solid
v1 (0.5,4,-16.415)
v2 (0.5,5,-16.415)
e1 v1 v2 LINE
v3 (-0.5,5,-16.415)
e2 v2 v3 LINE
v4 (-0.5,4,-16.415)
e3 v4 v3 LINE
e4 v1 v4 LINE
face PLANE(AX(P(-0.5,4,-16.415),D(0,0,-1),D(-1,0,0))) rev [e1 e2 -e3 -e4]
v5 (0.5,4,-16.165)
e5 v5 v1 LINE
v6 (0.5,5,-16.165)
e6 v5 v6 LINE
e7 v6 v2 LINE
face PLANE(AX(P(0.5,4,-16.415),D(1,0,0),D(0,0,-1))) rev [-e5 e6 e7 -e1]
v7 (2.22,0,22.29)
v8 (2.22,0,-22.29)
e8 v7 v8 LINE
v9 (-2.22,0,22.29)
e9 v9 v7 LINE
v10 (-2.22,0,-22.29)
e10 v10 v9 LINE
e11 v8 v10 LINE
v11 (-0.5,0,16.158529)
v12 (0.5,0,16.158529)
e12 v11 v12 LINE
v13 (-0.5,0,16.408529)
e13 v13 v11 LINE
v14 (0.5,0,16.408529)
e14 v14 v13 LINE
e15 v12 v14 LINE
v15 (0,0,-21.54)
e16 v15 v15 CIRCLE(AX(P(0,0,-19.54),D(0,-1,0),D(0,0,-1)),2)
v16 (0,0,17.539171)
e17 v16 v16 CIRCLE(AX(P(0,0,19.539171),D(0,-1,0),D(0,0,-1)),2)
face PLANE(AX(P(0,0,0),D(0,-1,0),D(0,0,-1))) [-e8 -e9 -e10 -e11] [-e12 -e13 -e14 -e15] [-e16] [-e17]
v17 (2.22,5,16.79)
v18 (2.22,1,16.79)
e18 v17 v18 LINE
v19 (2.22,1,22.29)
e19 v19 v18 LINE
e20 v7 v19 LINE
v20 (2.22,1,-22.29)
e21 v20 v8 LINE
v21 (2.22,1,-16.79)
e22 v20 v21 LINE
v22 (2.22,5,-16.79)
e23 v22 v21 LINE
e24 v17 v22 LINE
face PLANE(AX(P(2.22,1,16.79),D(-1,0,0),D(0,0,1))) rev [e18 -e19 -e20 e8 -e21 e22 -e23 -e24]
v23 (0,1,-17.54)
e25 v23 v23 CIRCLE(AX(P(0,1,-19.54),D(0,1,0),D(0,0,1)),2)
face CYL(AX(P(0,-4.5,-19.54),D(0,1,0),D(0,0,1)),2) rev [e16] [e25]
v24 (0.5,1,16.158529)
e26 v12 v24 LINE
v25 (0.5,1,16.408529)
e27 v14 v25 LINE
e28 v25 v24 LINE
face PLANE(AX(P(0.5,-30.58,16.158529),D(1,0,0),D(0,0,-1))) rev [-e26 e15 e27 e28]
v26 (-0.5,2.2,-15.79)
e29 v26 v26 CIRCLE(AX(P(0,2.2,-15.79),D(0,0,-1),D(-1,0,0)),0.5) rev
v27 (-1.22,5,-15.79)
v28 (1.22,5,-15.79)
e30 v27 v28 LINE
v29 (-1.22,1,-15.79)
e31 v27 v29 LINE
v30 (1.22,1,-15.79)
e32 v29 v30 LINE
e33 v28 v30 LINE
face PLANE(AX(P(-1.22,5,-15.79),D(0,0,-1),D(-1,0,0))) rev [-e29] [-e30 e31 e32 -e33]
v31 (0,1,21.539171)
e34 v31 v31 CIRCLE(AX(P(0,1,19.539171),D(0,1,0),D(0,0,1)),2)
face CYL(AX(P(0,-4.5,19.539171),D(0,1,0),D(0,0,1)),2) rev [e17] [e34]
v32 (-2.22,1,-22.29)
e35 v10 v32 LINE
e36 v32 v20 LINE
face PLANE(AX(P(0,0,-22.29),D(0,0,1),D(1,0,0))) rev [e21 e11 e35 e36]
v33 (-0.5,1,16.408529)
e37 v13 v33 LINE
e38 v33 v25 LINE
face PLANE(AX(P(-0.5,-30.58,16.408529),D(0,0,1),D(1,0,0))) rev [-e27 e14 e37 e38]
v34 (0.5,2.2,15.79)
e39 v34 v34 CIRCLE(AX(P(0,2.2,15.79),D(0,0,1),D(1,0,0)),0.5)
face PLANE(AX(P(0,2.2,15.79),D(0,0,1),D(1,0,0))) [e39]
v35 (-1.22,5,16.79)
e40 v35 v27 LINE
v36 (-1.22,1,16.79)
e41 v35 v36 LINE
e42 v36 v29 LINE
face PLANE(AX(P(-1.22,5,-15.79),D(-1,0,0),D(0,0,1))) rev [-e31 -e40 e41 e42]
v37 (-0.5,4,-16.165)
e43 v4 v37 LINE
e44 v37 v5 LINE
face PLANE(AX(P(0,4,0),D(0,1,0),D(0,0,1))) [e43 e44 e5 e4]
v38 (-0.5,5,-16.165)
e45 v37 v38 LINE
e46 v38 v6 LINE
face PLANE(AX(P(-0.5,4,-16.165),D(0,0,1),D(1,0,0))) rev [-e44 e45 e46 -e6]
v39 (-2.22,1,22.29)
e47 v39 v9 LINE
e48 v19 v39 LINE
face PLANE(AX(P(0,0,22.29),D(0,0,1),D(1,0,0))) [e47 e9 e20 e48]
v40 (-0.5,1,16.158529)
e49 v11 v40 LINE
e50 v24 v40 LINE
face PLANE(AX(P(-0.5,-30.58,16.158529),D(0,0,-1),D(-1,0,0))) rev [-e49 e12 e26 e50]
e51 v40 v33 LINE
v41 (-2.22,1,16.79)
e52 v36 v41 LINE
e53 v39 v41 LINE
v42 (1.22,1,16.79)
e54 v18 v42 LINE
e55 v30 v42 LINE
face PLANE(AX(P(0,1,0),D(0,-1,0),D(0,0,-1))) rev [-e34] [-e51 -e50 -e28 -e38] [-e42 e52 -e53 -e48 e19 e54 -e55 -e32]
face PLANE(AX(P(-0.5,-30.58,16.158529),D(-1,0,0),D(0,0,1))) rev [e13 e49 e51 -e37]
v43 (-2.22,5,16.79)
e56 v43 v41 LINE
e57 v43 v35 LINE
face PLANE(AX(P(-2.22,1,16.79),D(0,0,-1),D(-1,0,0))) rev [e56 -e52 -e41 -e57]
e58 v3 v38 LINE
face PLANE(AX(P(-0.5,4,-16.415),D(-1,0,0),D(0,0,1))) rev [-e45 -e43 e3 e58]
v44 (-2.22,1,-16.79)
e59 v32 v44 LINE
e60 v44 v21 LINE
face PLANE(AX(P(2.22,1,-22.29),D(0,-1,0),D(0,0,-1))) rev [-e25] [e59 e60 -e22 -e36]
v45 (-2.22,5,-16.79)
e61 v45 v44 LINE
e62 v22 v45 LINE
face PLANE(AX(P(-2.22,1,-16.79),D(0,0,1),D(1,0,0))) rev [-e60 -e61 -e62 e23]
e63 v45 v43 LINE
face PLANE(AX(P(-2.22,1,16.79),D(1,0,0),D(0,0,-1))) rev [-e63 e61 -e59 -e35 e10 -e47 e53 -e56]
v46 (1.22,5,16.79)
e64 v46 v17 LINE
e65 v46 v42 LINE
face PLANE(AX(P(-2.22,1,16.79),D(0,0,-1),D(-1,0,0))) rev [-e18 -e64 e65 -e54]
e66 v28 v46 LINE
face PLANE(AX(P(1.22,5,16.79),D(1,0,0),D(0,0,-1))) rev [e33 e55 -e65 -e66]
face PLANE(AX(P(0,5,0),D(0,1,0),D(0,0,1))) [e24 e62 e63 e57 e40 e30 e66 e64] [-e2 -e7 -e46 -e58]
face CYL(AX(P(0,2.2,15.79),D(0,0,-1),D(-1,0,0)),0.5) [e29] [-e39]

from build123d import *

# Parameters (mm, degrees)
SZKIC1_W                    = 4.44
SZKIC1_H                    = 33.58
DODANIE_WYCI_GNI_CIE1_DEPTH = 1
DODANIE_WYCI_GNI_CIE2_DEPTH = 4
SZKIC3_R                    = 0.5
DODANIE_WYCI_GNI_CIE3_DEPTH = 31.58
SZKIC4_W                    = 1
SZKIC4_H                    = 0.25
WYTNIJ_WYCI_GNI_CIE1_DEPTH  = 31.58
SZKIC5_W                    = 1
SZKIC5_H                    = 0.25
WYTNIJ_WYCI_GNI_CIE2_DEPTH  = 1
SZKIC6_W                    = 4.44
SZKIC6_H                    = 1
DODANIE_WYCI_GNI_CIE5_DEPTH = 5.5
SZKIC8_R                    = 2
WYTNIJ_WYCI_GNI_CIE3_DEPTH  = 5.5
SZKIC9_W                    = 4.44
SZKIC9_H                    = 1
DODANIE_WYCI_GNI_CIE6_DEPTH = 5.5
SZKIC11_R                   = 2
WYTNIJ_WYCI_GNI_CIE4_DEPTH  = 5.5


with BuildPart() as part:
    # Szkic1 → Dodanie-wyciągnięcie1 (new body)
    with BuildSketch(Plane(origin=(0, 0, 0), x_dir=(1, 0, 0), z_dir=(0, 1, 0))):
        Rectangle(SZKIC1_W, SZKIC1_H)
    extrude(amount=DODANIE_WYCI_GNI_CIE1_DEPTH)

    # Szkic2 → Dodanie-wyciągnięcie2 (add)
    with BuildSketch(Plane(origin=(0, 1, 0), x_dir=(1, 0, 0), z_dir=(0, 1, 0))):
        Polygon((-2.22, 16.79), (-2.22, -16.79), (-1.22, -16.79), (-1.22, 15.79), (1.22, 15.79), (1.22, -16.79), (2.22, -16.79), (2.22, 16.79), align=None)
    extrude(amount=DODANIE_WYCI_GNI_CIE2_DEPTH)

    # Szkic3 → Dodanie-wyciągnięcie3 (add)
    with BuildSketch(Plane.XY.offset(-15.79)):
        with Locations(Location((0, 2.2, 0), (0, 0, 180))):
            Circle(SZKIC3_R)
    extrude(amount=DODANIE_WYCI_GNI_CIE3_DEPTH)

    # Szkic4 → Wytnij-wyciągnięcie1 (cut)
    with BuildSketch(Plane(origin=(0, 1, 0), x_dir=(1, 0, 0), z_dir=(0, 1, 0))):
        with Locations((0, -16.283529096)):
            Rectangle(SZKIC4_W, SZKIC4_H)
    extrude(amount=-WYTNIJ_WYCI_GNI_CIE1_DEPTH, mode=Mode.SUBTRACT)

    # Szkic5 → Wytnij-wyciągnięcie2 (cut)
    with BuildSketch(Plane(origin=(0, 5, 0), x_dir=(1, 0, 0), z_dir=(0, 1, 0))):
        with Locations((0, 16.29)):
            Rectangle(SZKIC5_W, SZKIC5_H)
    extrude(amount=-WYTNIJ_WYCI_GNI_CIE2_DEPTH, mode=Mode.SUBTRACT)

    # Szkic6 → Dodanie-wyciągnięcie5 (add)
    with BuildSketch(Plane.XY.offset(16.79)):
        with Locations((0, 0.5)):
            Rectangle(SZKIC6_W, SZKIC6_H)
    extrude(amount=DODANIE_WYCI_GNI_CIE5_DEPTH)

    # Szkic8 → Wytnij-wyciągnięcie3 (cut)
    with BuildSketch(Plane(origin=(0, 1, 0), x_dir=(1, 0, 0), z_dir=(0, 1, 0))):
        with Locations(Location((0, -19.539171246, 0), (0, 0, 270))):
            Circle(SZKIC8_R)
    extrude(amount=-WYTNIJ_WYCI_GNI_CIE3_DEPTH, mode=Mode.SUBTRACT)

    # Szkic9 → Dodanie-wyciągnięcie6 (add)
    with BuildSketch(Plane(origin=(0, 0, -16.79), x_dir=(-1, 0, 0), z_dir=(0, 0, -1))):
        with Locations((0, 0.5)):
            Rectangle(SZKIC9_W, SZKIC9_H)
    extrude(amount=DODANIE_WYCI_GNI_CIE6_DEPTH)

    # Szkic11 → Wytnij-wyciągnięcie4 (cut)
    with BuildSketch(Plane(origin=(0, 1, 0), x_dir=(1, 0, 0), z_dir=(0, 1, 0))):
        with Locations(Location((0, 19.54, 0), (0, 0, 270))):
            Circle(SZKIC11_R)
    extrude(amount=-WYTNIJ_WYCI_GNI_CIE4_DEPTH, mode=Mode.SUBTRACT)


solid = part.part
